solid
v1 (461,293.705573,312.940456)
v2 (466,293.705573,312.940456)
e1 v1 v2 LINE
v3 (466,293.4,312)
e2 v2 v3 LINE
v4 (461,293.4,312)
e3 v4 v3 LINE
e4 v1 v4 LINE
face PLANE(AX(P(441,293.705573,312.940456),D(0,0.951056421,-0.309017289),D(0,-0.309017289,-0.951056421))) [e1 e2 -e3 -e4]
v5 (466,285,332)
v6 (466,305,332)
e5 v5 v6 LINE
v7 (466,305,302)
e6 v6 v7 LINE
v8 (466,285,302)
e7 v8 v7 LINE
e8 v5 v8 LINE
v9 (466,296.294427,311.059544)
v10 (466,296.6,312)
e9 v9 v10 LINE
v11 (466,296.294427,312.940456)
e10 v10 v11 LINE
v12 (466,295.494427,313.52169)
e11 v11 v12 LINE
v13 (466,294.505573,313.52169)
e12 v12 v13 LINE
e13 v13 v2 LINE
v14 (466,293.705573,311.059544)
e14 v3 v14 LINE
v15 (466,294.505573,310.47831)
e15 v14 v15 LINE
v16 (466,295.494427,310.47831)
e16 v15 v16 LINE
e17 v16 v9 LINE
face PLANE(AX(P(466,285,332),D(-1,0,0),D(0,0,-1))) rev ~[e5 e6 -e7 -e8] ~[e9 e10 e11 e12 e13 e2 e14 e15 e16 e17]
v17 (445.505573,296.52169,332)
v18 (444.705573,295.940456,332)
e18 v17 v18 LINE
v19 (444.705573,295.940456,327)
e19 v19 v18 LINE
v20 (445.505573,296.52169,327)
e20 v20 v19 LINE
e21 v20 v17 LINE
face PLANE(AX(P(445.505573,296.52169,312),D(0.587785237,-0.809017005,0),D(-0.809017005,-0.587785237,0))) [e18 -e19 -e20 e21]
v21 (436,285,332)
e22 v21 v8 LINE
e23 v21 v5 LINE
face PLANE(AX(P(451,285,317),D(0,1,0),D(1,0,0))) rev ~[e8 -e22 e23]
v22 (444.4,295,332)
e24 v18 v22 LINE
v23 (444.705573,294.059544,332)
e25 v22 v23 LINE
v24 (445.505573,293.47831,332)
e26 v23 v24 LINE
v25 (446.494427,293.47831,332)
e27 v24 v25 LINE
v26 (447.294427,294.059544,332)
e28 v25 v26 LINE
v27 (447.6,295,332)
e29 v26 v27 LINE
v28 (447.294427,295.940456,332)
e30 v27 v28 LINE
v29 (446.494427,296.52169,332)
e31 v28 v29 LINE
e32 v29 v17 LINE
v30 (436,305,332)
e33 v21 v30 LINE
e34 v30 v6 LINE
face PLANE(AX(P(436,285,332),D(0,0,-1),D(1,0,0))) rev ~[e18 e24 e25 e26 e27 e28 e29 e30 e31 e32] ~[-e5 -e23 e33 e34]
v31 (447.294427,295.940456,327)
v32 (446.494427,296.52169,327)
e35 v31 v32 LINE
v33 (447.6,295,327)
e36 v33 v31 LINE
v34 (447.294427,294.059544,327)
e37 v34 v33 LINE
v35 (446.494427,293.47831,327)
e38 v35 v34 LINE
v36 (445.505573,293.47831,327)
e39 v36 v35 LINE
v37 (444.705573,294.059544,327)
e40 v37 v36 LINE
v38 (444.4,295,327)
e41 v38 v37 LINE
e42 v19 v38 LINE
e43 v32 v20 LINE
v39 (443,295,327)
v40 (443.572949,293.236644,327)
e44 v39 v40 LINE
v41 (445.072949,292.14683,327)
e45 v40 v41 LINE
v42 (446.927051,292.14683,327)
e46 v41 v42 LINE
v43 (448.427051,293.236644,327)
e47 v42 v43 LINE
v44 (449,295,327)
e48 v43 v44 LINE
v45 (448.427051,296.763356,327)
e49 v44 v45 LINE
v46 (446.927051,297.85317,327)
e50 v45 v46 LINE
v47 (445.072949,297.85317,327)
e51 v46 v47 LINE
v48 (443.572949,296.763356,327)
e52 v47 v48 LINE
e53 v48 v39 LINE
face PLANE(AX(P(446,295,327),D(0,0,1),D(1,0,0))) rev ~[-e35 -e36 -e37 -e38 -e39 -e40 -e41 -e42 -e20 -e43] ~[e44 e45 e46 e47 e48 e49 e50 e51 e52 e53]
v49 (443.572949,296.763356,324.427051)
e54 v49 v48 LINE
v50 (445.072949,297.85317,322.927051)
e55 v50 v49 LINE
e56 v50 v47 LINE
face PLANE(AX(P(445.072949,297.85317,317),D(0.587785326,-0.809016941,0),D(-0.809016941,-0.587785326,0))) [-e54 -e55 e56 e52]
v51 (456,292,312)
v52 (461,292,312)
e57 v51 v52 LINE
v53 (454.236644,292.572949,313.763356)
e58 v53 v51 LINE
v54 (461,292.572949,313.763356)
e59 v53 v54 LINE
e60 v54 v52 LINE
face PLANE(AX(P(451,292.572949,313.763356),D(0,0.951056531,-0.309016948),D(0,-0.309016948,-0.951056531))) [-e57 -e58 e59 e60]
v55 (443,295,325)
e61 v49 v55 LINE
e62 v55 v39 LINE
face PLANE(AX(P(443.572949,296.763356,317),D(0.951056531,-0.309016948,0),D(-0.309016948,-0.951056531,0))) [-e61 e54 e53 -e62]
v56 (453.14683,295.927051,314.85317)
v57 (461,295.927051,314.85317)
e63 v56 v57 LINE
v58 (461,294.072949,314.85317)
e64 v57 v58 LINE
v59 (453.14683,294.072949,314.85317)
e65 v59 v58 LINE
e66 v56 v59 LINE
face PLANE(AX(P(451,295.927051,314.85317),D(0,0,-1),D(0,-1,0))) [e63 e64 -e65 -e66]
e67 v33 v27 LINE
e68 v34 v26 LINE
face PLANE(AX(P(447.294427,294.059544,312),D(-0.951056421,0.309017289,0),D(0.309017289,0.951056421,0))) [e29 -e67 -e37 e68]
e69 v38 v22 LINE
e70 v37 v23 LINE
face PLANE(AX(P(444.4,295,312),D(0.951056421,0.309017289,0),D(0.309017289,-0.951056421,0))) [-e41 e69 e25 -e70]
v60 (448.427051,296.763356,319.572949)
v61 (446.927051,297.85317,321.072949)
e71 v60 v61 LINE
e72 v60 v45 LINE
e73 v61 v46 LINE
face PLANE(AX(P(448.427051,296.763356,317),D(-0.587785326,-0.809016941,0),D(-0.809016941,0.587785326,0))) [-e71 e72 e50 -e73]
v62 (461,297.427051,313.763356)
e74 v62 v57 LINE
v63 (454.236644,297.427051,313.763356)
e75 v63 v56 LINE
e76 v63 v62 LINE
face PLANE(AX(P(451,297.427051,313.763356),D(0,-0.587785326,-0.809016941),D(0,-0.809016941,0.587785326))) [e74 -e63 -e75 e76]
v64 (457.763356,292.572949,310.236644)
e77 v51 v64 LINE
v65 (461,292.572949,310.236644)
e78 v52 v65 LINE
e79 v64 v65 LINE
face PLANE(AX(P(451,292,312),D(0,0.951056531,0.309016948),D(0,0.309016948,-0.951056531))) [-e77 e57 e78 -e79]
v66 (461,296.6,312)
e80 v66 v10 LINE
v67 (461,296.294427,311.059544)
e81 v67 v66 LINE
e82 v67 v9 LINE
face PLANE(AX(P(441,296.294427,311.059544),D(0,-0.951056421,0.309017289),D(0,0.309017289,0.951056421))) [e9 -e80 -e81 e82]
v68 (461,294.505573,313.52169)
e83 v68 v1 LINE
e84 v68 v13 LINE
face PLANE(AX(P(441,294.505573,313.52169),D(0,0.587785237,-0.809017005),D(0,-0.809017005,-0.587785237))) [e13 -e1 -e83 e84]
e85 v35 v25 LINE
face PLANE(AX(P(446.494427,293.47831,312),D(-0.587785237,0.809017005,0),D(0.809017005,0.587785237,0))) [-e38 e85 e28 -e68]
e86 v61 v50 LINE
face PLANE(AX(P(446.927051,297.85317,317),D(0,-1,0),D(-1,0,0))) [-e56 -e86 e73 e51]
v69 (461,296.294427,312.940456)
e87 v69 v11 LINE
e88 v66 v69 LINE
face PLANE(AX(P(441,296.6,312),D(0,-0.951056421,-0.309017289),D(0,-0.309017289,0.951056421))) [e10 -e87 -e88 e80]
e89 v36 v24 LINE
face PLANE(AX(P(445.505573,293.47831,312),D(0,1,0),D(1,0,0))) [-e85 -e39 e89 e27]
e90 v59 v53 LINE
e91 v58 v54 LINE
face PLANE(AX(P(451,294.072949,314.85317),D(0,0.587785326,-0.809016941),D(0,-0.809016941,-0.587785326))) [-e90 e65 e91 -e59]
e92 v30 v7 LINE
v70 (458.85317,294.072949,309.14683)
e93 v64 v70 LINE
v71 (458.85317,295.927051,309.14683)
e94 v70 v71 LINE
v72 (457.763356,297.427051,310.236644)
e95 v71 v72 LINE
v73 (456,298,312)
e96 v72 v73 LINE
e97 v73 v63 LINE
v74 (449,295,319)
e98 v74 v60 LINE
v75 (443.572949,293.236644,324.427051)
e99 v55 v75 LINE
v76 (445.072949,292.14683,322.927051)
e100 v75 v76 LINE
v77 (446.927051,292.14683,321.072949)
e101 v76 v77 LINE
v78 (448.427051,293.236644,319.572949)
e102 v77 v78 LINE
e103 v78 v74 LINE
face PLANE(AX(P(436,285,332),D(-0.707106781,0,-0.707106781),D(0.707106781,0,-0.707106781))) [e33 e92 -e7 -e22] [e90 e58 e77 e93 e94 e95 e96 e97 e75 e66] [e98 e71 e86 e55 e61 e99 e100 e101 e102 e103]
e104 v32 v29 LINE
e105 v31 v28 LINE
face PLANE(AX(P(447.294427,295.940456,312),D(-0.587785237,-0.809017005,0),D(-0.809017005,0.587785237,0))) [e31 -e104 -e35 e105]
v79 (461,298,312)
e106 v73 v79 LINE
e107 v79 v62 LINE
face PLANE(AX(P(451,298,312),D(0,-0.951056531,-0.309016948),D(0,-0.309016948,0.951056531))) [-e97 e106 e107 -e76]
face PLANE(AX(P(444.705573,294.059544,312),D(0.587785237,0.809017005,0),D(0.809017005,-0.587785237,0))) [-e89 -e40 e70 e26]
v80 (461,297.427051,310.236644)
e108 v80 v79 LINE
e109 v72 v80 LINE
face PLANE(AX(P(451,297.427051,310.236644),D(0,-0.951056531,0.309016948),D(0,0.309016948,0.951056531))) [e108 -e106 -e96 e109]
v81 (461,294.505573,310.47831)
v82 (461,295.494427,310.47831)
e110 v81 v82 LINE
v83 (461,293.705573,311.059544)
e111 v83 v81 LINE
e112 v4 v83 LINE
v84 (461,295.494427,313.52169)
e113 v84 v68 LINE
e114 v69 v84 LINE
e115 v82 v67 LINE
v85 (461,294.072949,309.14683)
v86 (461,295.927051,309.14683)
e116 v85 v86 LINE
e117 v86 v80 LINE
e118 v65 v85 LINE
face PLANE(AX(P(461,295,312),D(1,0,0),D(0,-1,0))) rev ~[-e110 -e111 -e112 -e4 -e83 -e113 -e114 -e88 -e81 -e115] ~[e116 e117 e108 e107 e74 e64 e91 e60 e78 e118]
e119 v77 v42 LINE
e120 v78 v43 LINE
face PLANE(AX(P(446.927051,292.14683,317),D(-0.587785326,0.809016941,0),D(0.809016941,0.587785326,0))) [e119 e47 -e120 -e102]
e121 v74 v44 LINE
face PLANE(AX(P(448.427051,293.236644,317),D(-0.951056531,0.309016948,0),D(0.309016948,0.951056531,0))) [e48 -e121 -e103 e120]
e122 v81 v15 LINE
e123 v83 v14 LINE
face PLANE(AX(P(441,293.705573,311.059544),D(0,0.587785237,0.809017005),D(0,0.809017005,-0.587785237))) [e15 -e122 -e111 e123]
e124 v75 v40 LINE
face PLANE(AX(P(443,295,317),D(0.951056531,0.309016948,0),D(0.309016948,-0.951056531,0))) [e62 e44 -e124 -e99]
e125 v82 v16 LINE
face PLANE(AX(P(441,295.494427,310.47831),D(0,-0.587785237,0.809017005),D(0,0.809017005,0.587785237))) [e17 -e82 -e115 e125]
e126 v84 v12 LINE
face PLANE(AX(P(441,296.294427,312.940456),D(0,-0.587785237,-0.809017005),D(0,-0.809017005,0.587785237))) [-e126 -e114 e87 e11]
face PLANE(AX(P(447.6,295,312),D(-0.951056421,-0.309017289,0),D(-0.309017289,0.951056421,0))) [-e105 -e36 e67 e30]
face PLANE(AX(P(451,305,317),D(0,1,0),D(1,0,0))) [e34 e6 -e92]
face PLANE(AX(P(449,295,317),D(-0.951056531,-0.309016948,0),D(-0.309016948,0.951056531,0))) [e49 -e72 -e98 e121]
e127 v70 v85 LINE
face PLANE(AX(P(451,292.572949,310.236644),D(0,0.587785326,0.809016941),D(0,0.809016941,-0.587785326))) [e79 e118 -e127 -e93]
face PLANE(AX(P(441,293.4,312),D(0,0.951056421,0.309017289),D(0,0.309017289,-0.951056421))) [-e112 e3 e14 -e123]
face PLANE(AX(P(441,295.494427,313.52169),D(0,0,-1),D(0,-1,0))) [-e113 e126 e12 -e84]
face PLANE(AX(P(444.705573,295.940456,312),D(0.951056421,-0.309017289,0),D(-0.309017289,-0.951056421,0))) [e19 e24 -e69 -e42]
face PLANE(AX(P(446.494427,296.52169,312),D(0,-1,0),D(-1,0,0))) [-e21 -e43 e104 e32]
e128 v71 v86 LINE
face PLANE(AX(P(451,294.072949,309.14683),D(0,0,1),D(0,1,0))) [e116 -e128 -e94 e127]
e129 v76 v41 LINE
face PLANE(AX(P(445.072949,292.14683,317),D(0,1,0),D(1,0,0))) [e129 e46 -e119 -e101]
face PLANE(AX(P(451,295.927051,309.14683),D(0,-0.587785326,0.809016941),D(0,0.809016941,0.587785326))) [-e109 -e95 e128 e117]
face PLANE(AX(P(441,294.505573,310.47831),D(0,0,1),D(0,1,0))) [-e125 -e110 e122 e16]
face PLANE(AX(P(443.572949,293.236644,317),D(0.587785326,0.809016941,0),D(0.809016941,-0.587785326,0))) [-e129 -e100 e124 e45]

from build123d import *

# Parameters (mm, degrees)
PRISM086_DEPTH           = 30
PRISM086_PITCH_ANGLE     = 90
PRISM087_DEPTH           = 10
PRISM087_PITCH_ANGLE     = 90
PRISM088_DEPTH           = 30
PRISM088_ROLL_ANGLE      = 90
PRISM089_DEPTH           = 10
PRISM089_ROLL_ANGLE      = 90
CUBE088_W                = 60
CUBE088_H                = 30
CUBE088_DEPTH            = 20
CUBE088_PLACEMENT_ANGLE  = 45
CUBE087_W                = 30
CUBE087_H                = 30
CUBE087_DEPTH            = 20
DIFFERENCE053_ROLL_ANGLE = -90


with BuildPart() as prism086:
    # prism086 → prism086 (new body)
    with BuildSketch(Plane.XY):
        Polygon((1.6, 0), (1.294427, 0.940456), (0.494427, 1.52169), (-0.494427, 1.52169), (-1.294427, 0.940456), (-1.6, 0), (-1.294427, -0.940456), (-0.494427, -1.52169), (0.494427, -1.52169), (1.294427, -0.940456), align=None)
    extrude(amount=PRISM086_DEPTH)


with BuildPart() as prism086_1:
    # prism086 pitch: moved
    add(prism086.part.rotate(Axis((0, 0, 0), (0, 1, 0)), PRISM086_PITCH_ANGLE))


with BuildPart() as prism086_2:
    # prism086 placement: moved
    add(prism086_1.part.moved(Location((5, 20, 10))))


with BuildPart() as prism087:
    # prism087 → prism087 (new body)
    with BuildSketch(Plane.XY):
        Polygon((3, 0), (2.427051, 1.763356), (0.927051, 2.85317), (-0.927051, 2.85317), (-2.427051, 1.763356), (-3, 0), (-2.427051, -1.763356), (-0.927051, -2.85317), (0.927051, -2.85317), (2.427051, -1.763356), align=None)
    extrude(amount=PRISM087_DEPTH)


with BuildPart() as prism087_1:
    # prism087 pitch: moved
    add(prism087.part.rotate(Axis((0, 0, 0), (0, 1, 0)), PRISM087_PITCH_ANGLE))


with BuildPart() as prism087_2:
    # prism087 placement: moved
    add(prism087_1.part.moved(Location((15, 20, 10))))


with BuildPart() as prism088:
    # prism088 → prism088 (new body)
    with BuildSketch(Plane.XY):
        Polygon((1.6, 0), (1.294427, 0.940456), (0.494427, 1.52169), (-0.494427, 1.52169), (-1.294427, 0.940456), (-1.6, 0), (-1.294427, -0.940456), (-0.494427, -1.52169), (0.494427, -1.52169), (1.294427, -0.940456), align=None)
    extrude(amount=PRISM088_DEPTH)


with BuildPart() as prism088_1:
    # prism088 roll: moved
    add(prism088.part.rotate(Axis((0, 0, 0), (1, 0, 0)), PRISM088_ROLL_ANGLE))


with BuildPart() as prism088_2:
    # prism088 placement: moved
    add(prism088_1.part.moved(Location((10, 20, 10))))


with BuildPart() as prism089:
    # prism089 → prism089 (new body)
    with BuildSketch(Plane.XY):
        Polygon((3, 0), (2.427051, 1.763356), (0.927051, 2.85317), (-0.927051, 2.85317), (-2.427051, 1.763356), (-3, 0), (-2.427051, -1.763356), (-0.927051, -2.85317), (0.927051, -2.85317), (2.427051, -1.763356), align=None)
    extrude(amount=PRISM089_DEPTH)


with BuildPart() as prism089_1:
    # prism089 roll: moved
    add(prism089.part.rotate(Axis((0, 0, 0), (1, 0, 0)), PRISM089_ROLL_ANGLE))


with BuildPart() as prism089_2:
    # prism089 placement: moved
    add(prism089_1.part.moved(Location((10, 15, 10))))


with BuildPart() as union042:
    # cube088 → cube088 (new body)
    with BuildSketch(Plane.XY):
        with Locations((30, 15)):
            Rectangle(CUBE088_W, CUBE088_H)
    extrude(amount=CUBE088_DEPTH)


with BuildPart() as union042_1:
    # cube088 placement: moved
    add(union042.part.rotate(Axis((0, 0, 0), (0, 0, 1)), CUBE088_PLACEMENT_ANGLE))

    # union042: union prism086, prism087, prism088, prism089
    add(prism086_2.part)
    add(prism087_2.part)
    add(prism088_2.part)
    add(prism089_2.part)


with BuildPart() as difference053:
    # cube087 → cube087 (new body)
    with BuildSketch(Plane.XY):
        with Locations((15, 15)):
            Rectangle(CUBE087_W, CUBE087_H)
    extrude(amount=CUBE087_DEPTH)

    # difference053: cut union042
    add(union042_1.part, mode=Mode.SUBTRACT)


with BuildPart() as difference053_1:
    # difference053 roll: moved
    add(difference053.part.rotate(Axis((0, 0, 0), (1, 0, 0)), DIFFERENCE053_ROLL_ANGLE))


with BuildPart() as difference053_2:
    # difference053 placement: moved
    add(difference053_1.part.moved(Location((436, 285, 332))))


solid = difference053_2.part
